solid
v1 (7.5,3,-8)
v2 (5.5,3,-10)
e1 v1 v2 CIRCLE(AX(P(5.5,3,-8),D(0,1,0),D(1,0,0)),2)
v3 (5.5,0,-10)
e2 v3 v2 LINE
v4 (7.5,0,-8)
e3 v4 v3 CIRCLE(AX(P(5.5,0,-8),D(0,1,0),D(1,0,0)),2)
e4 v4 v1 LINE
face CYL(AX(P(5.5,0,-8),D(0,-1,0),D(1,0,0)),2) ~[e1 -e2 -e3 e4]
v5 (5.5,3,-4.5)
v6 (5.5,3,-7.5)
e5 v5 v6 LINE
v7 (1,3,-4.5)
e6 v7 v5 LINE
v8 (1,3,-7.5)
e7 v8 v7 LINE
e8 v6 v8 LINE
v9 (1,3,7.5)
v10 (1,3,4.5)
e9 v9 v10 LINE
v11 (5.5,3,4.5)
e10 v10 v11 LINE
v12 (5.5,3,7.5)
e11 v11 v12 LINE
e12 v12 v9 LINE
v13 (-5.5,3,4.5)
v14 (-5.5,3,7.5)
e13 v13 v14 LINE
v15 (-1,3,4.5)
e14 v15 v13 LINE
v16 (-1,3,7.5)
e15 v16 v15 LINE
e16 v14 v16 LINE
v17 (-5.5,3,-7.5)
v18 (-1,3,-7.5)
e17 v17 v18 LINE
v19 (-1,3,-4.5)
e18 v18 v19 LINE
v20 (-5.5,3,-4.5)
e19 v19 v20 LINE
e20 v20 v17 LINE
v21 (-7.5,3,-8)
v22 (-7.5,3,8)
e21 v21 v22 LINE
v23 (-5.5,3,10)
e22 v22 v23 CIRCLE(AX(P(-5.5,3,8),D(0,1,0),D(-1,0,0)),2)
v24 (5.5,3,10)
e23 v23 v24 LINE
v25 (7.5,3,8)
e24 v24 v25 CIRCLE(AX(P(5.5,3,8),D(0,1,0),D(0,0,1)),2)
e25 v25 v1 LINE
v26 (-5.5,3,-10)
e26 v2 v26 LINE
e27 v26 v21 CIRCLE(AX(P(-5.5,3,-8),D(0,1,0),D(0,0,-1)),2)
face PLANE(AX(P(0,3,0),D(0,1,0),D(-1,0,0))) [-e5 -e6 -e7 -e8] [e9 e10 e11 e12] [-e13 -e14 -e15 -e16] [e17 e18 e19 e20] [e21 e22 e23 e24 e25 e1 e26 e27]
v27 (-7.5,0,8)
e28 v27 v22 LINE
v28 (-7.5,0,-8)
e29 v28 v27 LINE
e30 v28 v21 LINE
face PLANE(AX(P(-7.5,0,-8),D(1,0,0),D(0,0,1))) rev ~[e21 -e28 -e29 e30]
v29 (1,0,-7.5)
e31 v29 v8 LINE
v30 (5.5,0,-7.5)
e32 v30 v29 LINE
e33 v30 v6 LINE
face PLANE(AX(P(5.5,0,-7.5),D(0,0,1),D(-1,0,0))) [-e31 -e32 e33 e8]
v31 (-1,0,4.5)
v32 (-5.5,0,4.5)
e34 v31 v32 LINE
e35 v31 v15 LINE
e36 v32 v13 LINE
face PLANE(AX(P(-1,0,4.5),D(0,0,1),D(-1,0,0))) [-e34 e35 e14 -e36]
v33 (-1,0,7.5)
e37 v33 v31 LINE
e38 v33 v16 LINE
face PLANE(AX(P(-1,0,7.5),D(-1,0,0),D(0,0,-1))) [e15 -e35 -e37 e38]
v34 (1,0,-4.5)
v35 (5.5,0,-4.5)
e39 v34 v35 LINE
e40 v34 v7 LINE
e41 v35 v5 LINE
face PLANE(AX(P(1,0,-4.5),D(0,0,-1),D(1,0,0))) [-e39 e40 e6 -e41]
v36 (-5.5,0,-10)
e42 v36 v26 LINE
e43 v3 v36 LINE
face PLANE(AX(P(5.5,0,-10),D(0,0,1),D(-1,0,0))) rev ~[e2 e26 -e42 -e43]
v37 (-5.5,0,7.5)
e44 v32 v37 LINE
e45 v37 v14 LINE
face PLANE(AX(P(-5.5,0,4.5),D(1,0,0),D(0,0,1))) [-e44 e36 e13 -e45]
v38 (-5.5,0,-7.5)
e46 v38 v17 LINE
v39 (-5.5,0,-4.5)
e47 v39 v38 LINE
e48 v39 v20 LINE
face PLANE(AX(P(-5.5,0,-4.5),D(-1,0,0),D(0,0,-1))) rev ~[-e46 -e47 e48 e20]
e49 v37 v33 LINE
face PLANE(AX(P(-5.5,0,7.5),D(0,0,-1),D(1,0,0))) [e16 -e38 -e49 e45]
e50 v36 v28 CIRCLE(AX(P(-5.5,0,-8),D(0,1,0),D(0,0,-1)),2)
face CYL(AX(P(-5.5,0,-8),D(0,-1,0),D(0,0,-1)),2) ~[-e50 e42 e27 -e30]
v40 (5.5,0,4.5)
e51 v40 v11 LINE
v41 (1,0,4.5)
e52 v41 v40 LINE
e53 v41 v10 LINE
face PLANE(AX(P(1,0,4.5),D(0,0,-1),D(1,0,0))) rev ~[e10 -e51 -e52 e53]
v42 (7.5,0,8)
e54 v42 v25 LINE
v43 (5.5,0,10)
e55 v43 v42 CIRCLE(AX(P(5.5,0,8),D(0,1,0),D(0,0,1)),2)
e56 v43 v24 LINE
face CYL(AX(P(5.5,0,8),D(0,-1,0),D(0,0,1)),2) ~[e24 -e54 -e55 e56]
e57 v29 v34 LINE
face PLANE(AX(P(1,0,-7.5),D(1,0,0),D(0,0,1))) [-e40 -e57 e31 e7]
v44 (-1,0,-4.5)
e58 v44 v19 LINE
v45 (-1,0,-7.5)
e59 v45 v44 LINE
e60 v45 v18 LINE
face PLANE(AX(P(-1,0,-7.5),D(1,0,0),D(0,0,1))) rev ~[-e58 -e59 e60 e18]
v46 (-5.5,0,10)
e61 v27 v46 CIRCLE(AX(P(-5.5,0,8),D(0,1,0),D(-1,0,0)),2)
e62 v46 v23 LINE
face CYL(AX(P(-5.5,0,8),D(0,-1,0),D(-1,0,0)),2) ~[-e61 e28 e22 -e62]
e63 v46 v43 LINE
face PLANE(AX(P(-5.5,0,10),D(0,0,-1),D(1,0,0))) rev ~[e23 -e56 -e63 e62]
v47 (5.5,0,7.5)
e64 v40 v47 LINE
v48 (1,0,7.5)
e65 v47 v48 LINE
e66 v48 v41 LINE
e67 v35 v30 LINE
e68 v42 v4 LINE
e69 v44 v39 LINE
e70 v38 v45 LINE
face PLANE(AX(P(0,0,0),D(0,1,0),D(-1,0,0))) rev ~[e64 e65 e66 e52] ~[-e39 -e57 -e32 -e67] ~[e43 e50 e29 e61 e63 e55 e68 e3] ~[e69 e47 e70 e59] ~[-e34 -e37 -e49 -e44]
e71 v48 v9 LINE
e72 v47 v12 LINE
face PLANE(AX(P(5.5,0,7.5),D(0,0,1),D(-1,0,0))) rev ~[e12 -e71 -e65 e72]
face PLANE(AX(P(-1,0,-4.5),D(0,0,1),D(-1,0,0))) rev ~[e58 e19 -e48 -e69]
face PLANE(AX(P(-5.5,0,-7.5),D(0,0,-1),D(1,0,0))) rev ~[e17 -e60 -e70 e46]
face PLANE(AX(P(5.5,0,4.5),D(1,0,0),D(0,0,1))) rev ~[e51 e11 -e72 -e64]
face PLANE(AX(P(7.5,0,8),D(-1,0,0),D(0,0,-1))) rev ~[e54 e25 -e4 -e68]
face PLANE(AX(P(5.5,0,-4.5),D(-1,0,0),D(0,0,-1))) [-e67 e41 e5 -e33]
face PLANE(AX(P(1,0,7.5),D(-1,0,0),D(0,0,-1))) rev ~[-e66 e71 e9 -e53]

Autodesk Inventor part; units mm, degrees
ref_plane "YZ Plane" through (0, 0, 0) normal (1, 0, 0) x (0, 1, 0)
ref_plane "XZ Plane" through (0, 0, 0) normal (0, 1, 0) x (-1, 0, 0)
ref_plane "XY Plane" through (0, 0, 0) normal (0, 0, 1) x (1, 0, 0)
sketch "Sketch1" plane through (0, 0, 0) normal (0, 1, 0) x (-1, 0, 0)
  line L0 (5.5, 10) -> (-5.5, 10)
  line L1 (-7.5, 8) -> (-7.5, -8)
  line L2 (-5.5, -10) -> (5.5, -10)
  line L3 (7.5, -8) -> (7.5, 8)
  line L4 (7.5, 10) -> (-7.5, -10) construction
  line L5 (-7.5, 10) -> (7.5, -10) construction
  arc A0 (7.5, 8) -> (5.5, 10) centre (5.5, 8) ccw
  arc A1 (-5.5, 10) -> (-7.5, 8) centre (-5.5, 8) ccw
  arc A2 (-7.5, -8) -> (-5.5, -10) centre (-5.5, -8) ccw
  arc A3 (5.5, -10) -> (7.5, -8) centre (5.5, -8) ccw
  line L6 (5.5, 7.5) -> (1, 7.5)
  line L7 (1, 7.5) -> (1, 4.5)
  line L8 (1, 4.5) -> (5.5, 4.5)
  line L9 (5.5, 4.5) -> (5.5, 7.5)
  line L10 (0, 0) -> (2.8076, 0) construction
  line L11 (0, 0) -> (0, 2.1917) construction
  line L12 (5.5, -7.5) -> (1, -7.5)
  line L13 (1, -7.5) -> (1, -4.5)
  line L14 (1, -4.5) -> (5.5, -4.5)
  line L15 (5.5, -4.5) -> (5.5, -7.5)
  line L16 (-7.5, 10) -> (7.5, -10) construction
  line L17 (-5.5, 7.5) -> (-1, 7.5)
  line L18 (-1, 7.5) -> (-1, 4.5)
  line L19 (-1, 4.5) -> (-5.5, 4.5)
  line L20 (-5.5, 4.5) -> (-5.5, 7.5)
  line L21 (-5.5, -4.5) -> (-5.5, -7.5)
  line L22 (-5.5, -7.5) -> (-1, -7.5)
  line L23 (-1, -7.5) -> (-1, -4.5)
  line L24 (-1, -4.5) -> (-5.5, -4.5)
  point P0 (-5.5, 8)
  point P1 (-5.5, -8)
  dimension "d2" = 2
  dimension "d3" = 2
  dimension "d4" = 16
  dimension "d5" = 11
  dimension "d9" = 4.5
  dimension "d10" = 3
  dimension "d11" = 2.5
  dimension "d12" = 2
extrude "Extrusion1" add sketch "Sketch1" along normal blind 3
properties part number "Hinge_Base"
